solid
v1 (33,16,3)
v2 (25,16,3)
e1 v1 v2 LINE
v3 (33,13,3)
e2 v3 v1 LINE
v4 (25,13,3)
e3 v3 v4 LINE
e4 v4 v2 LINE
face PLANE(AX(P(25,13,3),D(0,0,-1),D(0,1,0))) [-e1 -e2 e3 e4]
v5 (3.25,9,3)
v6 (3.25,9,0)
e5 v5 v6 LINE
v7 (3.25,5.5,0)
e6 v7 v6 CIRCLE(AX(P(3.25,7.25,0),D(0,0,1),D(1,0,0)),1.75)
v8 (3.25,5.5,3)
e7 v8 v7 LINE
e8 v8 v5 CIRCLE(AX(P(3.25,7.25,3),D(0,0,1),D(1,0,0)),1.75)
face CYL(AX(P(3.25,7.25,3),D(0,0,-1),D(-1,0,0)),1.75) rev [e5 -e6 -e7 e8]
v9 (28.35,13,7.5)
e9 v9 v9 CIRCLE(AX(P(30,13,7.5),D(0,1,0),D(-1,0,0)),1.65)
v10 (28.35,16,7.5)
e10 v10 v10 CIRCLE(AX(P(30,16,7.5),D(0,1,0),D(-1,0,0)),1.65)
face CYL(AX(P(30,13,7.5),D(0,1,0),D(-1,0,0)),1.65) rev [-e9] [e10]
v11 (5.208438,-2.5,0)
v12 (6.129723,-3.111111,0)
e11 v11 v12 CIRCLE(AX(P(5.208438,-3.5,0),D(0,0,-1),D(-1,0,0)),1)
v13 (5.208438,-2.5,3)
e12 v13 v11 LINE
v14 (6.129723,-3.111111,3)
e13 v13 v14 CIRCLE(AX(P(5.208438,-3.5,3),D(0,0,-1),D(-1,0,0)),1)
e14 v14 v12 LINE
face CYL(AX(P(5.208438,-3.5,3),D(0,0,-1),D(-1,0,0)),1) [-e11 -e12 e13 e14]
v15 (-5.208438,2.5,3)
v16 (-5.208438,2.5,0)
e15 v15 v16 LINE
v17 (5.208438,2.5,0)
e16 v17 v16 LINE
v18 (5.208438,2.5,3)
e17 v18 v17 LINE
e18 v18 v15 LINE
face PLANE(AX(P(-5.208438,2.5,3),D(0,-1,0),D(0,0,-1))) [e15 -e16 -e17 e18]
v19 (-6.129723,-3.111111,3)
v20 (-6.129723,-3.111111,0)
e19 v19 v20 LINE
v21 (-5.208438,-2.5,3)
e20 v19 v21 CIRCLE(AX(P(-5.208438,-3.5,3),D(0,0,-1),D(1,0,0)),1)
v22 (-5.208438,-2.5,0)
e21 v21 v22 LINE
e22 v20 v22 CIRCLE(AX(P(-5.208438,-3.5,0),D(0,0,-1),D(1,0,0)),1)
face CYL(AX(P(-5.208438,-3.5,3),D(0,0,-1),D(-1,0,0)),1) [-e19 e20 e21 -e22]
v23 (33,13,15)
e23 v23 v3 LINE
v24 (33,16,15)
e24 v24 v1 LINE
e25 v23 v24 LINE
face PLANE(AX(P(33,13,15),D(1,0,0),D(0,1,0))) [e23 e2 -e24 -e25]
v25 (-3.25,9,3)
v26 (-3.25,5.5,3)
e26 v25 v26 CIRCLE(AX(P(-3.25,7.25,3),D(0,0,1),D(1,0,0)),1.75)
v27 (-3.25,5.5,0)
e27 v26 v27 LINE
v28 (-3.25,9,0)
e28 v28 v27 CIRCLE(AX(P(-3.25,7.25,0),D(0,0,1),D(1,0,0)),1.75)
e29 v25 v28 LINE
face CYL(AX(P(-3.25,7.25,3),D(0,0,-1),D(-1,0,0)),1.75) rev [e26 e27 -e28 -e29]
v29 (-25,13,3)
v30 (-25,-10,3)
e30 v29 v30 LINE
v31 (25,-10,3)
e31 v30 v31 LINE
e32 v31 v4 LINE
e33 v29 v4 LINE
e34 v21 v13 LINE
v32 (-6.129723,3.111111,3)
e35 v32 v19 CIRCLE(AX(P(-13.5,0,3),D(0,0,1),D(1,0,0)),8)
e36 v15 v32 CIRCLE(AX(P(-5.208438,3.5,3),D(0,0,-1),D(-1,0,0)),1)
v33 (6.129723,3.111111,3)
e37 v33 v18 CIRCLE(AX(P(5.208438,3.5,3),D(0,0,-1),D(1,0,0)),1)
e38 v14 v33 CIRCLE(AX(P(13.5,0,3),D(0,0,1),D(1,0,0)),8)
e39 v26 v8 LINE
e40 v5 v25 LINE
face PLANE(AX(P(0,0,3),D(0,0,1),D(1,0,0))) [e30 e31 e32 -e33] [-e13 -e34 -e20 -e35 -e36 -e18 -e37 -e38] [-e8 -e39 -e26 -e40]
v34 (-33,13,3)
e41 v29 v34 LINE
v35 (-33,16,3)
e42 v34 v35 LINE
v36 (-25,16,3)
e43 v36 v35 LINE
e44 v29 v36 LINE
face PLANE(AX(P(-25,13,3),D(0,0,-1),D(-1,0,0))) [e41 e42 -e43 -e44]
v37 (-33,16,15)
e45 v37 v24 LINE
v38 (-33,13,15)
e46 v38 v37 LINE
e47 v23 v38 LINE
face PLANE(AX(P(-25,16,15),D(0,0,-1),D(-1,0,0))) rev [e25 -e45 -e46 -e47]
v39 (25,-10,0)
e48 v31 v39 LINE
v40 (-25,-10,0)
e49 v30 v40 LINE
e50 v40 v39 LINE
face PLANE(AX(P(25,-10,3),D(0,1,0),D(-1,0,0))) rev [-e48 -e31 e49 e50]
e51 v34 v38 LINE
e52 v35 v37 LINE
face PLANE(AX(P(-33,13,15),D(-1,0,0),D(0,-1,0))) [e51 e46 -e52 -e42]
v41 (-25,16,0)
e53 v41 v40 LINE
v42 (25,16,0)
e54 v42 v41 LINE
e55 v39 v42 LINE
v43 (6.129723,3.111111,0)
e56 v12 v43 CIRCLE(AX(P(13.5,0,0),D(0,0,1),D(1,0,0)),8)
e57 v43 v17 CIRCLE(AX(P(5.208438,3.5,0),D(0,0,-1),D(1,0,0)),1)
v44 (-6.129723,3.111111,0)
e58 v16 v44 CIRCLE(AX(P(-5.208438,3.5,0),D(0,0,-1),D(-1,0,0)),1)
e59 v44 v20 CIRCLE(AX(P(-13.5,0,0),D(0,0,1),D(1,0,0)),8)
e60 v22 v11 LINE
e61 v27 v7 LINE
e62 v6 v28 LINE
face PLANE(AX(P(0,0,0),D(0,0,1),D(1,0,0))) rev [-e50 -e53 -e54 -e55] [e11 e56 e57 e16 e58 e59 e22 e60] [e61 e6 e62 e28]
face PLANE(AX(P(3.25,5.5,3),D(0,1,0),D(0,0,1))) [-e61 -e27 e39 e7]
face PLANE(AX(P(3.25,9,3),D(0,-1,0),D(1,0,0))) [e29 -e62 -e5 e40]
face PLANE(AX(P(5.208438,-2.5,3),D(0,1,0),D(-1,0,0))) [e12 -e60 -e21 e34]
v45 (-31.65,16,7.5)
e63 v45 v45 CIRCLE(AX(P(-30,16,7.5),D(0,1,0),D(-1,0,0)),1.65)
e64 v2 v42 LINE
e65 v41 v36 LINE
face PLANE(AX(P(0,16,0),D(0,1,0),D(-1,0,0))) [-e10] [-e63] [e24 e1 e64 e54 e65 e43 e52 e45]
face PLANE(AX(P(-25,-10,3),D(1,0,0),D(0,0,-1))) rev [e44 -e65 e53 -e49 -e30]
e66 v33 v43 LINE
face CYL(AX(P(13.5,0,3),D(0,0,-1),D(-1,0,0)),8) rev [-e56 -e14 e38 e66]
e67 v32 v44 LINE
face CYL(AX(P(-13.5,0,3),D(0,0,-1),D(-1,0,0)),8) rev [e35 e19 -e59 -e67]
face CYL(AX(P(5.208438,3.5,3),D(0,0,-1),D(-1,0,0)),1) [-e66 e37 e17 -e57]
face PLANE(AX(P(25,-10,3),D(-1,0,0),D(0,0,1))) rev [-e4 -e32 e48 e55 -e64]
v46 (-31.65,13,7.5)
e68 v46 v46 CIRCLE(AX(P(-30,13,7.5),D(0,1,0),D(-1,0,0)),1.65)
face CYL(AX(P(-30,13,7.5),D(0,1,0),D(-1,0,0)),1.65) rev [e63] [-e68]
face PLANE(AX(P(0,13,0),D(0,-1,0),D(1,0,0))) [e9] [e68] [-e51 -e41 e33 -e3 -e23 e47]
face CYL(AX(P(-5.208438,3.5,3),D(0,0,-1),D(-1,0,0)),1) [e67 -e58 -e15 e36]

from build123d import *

# Parameters (mm, degrees)
SKETCH_1_W          = 50
SKETCH_1_H          = 20
EXTRUDE_1_DEPTH     = 3
SKETCH_2_W          = 50
SKETCH_2_H          = 15
EXTRUDE_2_DEPTH     = 6
SKETCH_5_W          = 50
SKETCH_5_H          = 12
CUT_EXTRUDE_2_DEPTH = 3
SKETCH_6_W          = 8
SKETCH_6_H          = 12
SKETCH_6_R          = 1.65
EXTRUDE_3_DEPTH     = 3


with BuildPart() as part:
    # 草图1 → 凸台-拉伸1 (new body)
    with BuildSketch(Plane.XY):
        Rectangle(SKETCH_1_W, SKETCH_1_H)
        with BuildLine():
            Line((-5.208438024, 2.5), (5.208438024, 2.5))
            ThreePointArc((5.208438024, 2.5), (5.761208823, 2.666666667), (6.129722688, 3.111111111))
            ThreePointArc((6.129722688, 3.111111111), (21.5, 0), (6.129722688, -3.111111111))
            ThreePointArc((6.129722688, -3.111111111), (5.761208823, -2.666666667), (5.208438024, -2.5))
            Line((5.208438024, -2.5), (-5.208438024, -2.5))
            ThreePointArc((-5.208438024, -2.5), (-5.761208823, -2.666666667), (-6.129722688, -3.111111111))
            ThreePointArc((-6.129722688, -3.111111111), (-21.5, 0), (-6.129722688, 3.111111111))
            ThreePointArc((-6.129722688, 3.111111111), (-5.761208823, 2.666666667), (-5.208438024, 2.5))
        make_face(mode=Mode.SUBTRACT)
        with BuildLine():
            Line((3.25, 5.5), (-3.25, 5.5))
            ThreePointArc((-3.25, 5.5), (-5, 7.25), (-3.25, 9))
            Line((-3.25, 9), (3.25, 9))
            ThreePointArc((3.25, 9), (5, 7.25), (3.25, 5.5))
        make_face(mode=Mode.SUBTRACT)
    extrude(amount=EXTRUDE_1_DEPTH)

    # 草图2 → 凸台-拉伸2 (add)
    with BuildSketch(Plane(origin=(0, 10, 0), x_dir=(1, 0, 0), z_dir=(0, 1, 0))):
        with Locations((0, -7.5)):
            Rectangle(SKETCH_2_W, SKETCH_2_H)
    extrude(amount=EXTRUDE_2_DEPTH)

    # 草图5 → 切除-拉伸2 (cut)
    with BuildSketch(Plane.XZ.offset(-10)):
        with Locations((0, 9)):
            Rectangle(SKETCH_5_W, SKETCH_5_H)
    extrude(amount=-CUT_EXTRUDE_2_DEPTH, mode=Mode.SUBTRACT)

    # 草图6 → 凸台-拉伸3 (add)
    with BuildSketch(Plane(origin=(0, 16, 0), x_dir=(1, 0, 0), z_dir=(0, 1, 0))):
        with Locations((29, -9)):
            Rectangle(SKETCH_6_W, SKETCH_6_H)
        with Locations((30, -7.5)):
            Circle(SKETCH_6_R, mode=Mode.SUBTRACT)
        with Locations((-29, -9)):
            Rectangle(SKETCH_6_W, SKETCH_6_H)
        with Locations((-30, -7.5)):
            Circle(SKETCH_6_R, mode=Mode.SUBTRACT)
    extrude(amount=-EXTRUDE_3_DEPTH)


solid = part.part
